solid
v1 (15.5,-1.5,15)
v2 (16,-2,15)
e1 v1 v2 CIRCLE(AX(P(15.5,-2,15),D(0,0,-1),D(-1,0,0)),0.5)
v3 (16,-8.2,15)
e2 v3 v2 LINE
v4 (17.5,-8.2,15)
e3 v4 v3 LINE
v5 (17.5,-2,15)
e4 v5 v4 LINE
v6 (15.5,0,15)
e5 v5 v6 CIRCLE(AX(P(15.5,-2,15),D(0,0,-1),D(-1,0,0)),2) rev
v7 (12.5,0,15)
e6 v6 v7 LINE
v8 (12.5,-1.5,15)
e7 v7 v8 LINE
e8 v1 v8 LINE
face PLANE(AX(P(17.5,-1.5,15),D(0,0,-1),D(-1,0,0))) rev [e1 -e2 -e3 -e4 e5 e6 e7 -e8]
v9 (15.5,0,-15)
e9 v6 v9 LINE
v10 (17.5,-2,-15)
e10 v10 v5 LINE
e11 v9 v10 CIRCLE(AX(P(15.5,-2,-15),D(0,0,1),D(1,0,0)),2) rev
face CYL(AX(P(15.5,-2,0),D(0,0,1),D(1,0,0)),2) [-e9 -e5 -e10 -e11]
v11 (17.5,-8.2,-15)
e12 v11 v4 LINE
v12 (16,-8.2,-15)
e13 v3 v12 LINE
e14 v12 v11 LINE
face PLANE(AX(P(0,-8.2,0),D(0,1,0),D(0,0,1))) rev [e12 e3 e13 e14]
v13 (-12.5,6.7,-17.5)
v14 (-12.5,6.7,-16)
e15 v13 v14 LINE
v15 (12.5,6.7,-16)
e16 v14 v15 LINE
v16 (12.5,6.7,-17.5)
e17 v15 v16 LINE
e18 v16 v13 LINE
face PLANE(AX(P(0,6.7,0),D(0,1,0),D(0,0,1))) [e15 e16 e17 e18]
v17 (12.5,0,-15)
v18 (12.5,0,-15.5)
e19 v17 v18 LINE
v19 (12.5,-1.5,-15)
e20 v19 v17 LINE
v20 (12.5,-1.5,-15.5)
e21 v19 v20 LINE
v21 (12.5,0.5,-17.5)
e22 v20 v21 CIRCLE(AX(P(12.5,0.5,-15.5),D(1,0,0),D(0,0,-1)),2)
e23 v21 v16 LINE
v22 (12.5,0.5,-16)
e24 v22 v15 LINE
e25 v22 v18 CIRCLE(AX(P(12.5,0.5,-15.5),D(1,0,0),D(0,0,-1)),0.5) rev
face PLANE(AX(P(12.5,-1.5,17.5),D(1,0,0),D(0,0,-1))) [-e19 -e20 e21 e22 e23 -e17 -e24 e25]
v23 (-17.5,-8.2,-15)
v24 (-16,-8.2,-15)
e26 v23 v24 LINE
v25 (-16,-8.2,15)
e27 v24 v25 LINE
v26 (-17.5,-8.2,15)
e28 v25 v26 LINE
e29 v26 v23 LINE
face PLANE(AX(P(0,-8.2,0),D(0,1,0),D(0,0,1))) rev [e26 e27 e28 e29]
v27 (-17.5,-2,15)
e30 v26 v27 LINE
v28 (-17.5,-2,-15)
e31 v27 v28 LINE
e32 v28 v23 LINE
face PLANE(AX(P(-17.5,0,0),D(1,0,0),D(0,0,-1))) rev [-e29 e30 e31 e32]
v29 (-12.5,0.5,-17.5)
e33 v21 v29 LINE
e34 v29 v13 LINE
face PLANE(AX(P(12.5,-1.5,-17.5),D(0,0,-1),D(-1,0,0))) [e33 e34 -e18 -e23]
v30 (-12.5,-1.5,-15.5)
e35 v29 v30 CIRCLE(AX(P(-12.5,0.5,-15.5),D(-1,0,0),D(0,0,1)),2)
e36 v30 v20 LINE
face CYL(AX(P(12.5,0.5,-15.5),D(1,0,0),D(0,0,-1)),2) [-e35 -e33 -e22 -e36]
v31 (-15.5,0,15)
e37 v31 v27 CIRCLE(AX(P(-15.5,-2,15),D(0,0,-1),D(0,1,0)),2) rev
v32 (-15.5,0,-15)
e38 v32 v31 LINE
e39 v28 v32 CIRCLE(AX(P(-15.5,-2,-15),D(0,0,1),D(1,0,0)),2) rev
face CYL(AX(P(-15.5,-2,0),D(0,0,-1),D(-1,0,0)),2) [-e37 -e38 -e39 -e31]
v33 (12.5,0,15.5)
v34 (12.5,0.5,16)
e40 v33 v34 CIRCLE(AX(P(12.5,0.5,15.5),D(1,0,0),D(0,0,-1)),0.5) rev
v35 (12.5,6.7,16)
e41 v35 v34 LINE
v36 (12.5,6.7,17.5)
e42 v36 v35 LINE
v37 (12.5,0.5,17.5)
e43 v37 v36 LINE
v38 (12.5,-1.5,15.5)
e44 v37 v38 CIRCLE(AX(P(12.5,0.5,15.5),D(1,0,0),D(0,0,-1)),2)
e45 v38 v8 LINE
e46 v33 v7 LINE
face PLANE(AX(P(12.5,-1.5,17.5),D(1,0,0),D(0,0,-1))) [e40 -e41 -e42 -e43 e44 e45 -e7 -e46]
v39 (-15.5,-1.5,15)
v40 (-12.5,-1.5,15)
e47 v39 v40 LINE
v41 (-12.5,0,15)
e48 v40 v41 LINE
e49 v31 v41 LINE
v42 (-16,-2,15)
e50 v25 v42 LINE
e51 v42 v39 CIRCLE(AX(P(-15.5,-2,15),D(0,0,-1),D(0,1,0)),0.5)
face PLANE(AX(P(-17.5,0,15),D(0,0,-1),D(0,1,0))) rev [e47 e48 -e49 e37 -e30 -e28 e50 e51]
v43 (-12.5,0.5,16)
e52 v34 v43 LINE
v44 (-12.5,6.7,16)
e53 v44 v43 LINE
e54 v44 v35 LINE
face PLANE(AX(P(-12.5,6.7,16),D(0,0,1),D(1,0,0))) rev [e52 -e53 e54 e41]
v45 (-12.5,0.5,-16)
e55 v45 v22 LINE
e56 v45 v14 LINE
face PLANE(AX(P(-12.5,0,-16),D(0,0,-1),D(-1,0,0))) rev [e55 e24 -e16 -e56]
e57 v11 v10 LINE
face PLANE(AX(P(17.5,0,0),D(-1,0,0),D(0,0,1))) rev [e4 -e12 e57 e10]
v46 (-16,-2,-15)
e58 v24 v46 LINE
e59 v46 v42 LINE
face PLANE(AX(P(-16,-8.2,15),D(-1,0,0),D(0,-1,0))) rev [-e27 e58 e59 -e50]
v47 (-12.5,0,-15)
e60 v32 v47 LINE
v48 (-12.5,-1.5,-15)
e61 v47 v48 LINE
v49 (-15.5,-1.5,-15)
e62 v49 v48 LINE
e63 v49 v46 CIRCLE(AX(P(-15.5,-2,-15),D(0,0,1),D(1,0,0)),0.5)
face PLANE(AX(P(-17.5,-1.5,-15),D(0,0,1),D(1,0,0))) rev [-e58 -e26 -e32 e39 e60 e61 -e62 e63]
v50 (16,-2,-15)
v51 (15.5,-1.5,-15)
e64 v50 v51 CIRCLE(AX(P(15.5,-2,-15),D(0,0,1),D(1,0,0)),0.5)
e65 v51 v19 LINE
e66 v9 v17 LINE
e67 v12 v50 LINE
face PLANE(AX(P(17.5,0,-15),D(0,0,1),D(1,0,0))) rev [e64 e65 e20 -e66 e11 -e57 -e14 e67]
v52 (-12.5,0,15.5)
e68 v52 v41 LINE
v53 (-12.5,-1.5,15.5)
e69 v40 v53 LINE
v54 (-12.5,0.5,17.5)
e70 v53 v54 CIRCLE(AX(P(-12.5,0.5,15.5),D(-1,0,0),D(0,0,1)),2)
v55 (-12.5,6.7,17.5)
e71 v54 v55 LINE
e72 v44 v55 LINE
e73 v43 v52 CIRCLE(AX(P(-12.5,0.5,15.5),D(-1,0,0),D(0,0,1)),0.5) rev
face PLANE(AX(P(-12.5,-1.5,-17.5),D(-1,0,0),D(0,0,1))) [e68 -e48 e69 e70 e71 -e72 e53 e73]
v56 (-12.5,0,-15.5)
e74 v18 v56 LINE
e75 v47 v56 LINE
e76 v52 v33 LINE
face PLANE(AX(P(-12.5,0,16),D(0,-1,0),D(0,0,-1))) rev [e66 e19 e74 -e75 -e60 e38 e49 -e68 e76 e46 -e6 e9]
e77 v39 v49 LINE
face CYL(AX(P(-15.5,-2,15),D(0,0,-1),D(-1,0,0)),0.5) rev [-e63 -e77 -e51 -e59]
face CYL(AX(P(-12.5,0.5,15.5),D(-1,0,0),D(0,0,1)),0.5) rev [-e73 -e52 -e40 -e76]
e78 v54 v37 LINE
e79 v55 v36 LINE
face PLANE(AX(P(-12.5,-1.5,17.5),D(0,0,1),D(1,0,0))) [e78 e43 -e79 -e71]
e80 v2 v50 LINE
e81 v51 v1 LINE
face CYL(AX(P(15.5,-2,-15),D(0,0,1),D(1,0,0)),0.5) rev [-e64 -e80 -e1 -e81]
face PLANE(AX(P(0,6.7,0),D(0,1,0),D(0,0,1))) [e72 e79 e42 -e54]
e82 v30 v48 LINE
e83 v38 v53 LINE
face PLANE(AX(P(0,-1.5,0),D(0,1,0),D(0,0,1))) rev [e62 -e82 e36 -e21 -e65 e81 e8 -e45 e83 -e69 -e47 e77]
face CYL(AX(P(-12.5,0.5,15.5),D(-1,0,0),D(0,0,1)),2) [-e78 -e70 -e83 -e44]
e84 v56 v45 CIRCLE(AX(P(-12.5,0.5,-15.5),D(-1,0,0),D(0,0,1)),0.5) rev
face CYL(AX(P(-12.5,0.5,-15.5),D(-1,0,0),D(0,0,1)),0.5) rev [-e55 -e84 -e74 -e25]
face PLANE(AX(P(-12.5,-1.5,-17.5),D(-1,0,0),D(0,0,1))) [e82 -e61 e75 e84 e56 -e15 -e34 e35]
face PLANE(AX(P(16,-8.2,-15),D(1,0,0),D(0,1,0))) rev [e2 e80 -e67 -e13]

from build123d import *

# Parameters (mm, degrees)
SKETCH1_W           = 25
SKETCH1_H           = 35
BOSS_EXTRUDE1_DEPTH = 8.2
SKETCH2_W           = 32
SKETCH2_H           = 6.7
CUT_EXTRUDE1_DEPTH  = 26
SKETCH3_W           = 30
SKETCH3_H           = 1.5
BOSS_EXTRUDE2_DEPTH = 5
SKETCH4_W           = 1.5
SKETCH4_H           = 30
BOSS_EXTRUDE3_DEPTH = 6.7
SKETCH5_W           = 30
SKETCH5_H           = 1.5
BOSS_EXTRUDE4_DEPTH = 5
SKETCH6_W           = 1.5
SKETCH6_H           = 30
BOSS_EXTRUDE5_DEPTH = 6.7
FILLET1_R           = 0.5
FILLET2_R           = 2


with BuildPart() as part:
    # Sketch1 → Boss-Extrude1 (new body)
    with BuildSketch(Plane(origin=(0, 6.7, 0), x_dir=(1, 0, 0), z_dir=(0, 1, 0))):
        Rectangle(SKETCH1_W, SKETCH1_H)
    extrude(amount=-BOSS_EXTRUDE1_DEPTH)

    # Sketch2 → Cut-Extrude1 (cut, through all)
    with BuildSketch(Plane(origin=(12.5, 0, 0), x_dir=(0, 0, -1), z_dir=(1, 0, 0))):
        with Locations((0, 3.35)):
            Rectangle(SKETCH2_W, SKETCH2_H)
    extrude(amount=-CUT_EXTRUDE1_DEPTH, mode=Mode.SUBTRACT)

    # Sketch3 → Boss-Extrude2 (add)
    with BuildSketch(Plane.ZY.offset(12.5)):
        with Locations((0, -0.75)):
            Rectangle(SKETCH3_W, SKETCH3_H)
    extrude(amount=BOSS_EXTRUDE2_DEPTH)

    # Sketch4 → Boss-Extrude3 (add)
    with BuildSketch(Plane.XZ.offset(1.5)):
        with Locations((-16.75, 0)):
            Rectangle(SKETCH4_W, SKETCH4_H)
    extrude(amount=BOSS_EXTRUDE3_DEPTH)

    # Sketch5 → Boss-Extrude4 (add)
    with BuildSketch(Plane(origin=(12.5, 0, 0), x_dir=(0, 0, -1), z_dir=(1, 0, 0))):
        with Locations((0, -0.75)):
            Rectangle(SKETCH5_W, SKETCH5_H)
    extrude(amount=BOSS_EXTRUDE4_DEPTH)

    # Sketch6 → Boss-Extrude5 (add)
    with BuildSketch(Plane.XZ.offset(1.5)):
        with Locations((16.75, 0)):
            Rectangle(SKETCH6_W, SKETCH6_H)
    extrude(amount=BOSS_EXTRUDE5_DEPTH)

    # Fillet1
    fillet1_edges = [part.edges().sort_by_distance(p)[0] for p in [
        (0, 0, -16),
        (0, 0, 16),
        (-16, -1.5, 0),
        (16, -1.5, 0),
    ]]
    fillet(fillet1_edges, radius=FILLET1_R)

    # Fillet2
    fillet2_edges = [part.edges().sort_by_distance(p)[0] for p in [
        (0, -1.5, -17.5),
        (-17.5, 0, 0),
        (0, -1.5, 17.5),
        (17.5, 0, 0),
    ]]
    fillet(fillet2_edges, radius=FILLET2_R)


solid = part.part
